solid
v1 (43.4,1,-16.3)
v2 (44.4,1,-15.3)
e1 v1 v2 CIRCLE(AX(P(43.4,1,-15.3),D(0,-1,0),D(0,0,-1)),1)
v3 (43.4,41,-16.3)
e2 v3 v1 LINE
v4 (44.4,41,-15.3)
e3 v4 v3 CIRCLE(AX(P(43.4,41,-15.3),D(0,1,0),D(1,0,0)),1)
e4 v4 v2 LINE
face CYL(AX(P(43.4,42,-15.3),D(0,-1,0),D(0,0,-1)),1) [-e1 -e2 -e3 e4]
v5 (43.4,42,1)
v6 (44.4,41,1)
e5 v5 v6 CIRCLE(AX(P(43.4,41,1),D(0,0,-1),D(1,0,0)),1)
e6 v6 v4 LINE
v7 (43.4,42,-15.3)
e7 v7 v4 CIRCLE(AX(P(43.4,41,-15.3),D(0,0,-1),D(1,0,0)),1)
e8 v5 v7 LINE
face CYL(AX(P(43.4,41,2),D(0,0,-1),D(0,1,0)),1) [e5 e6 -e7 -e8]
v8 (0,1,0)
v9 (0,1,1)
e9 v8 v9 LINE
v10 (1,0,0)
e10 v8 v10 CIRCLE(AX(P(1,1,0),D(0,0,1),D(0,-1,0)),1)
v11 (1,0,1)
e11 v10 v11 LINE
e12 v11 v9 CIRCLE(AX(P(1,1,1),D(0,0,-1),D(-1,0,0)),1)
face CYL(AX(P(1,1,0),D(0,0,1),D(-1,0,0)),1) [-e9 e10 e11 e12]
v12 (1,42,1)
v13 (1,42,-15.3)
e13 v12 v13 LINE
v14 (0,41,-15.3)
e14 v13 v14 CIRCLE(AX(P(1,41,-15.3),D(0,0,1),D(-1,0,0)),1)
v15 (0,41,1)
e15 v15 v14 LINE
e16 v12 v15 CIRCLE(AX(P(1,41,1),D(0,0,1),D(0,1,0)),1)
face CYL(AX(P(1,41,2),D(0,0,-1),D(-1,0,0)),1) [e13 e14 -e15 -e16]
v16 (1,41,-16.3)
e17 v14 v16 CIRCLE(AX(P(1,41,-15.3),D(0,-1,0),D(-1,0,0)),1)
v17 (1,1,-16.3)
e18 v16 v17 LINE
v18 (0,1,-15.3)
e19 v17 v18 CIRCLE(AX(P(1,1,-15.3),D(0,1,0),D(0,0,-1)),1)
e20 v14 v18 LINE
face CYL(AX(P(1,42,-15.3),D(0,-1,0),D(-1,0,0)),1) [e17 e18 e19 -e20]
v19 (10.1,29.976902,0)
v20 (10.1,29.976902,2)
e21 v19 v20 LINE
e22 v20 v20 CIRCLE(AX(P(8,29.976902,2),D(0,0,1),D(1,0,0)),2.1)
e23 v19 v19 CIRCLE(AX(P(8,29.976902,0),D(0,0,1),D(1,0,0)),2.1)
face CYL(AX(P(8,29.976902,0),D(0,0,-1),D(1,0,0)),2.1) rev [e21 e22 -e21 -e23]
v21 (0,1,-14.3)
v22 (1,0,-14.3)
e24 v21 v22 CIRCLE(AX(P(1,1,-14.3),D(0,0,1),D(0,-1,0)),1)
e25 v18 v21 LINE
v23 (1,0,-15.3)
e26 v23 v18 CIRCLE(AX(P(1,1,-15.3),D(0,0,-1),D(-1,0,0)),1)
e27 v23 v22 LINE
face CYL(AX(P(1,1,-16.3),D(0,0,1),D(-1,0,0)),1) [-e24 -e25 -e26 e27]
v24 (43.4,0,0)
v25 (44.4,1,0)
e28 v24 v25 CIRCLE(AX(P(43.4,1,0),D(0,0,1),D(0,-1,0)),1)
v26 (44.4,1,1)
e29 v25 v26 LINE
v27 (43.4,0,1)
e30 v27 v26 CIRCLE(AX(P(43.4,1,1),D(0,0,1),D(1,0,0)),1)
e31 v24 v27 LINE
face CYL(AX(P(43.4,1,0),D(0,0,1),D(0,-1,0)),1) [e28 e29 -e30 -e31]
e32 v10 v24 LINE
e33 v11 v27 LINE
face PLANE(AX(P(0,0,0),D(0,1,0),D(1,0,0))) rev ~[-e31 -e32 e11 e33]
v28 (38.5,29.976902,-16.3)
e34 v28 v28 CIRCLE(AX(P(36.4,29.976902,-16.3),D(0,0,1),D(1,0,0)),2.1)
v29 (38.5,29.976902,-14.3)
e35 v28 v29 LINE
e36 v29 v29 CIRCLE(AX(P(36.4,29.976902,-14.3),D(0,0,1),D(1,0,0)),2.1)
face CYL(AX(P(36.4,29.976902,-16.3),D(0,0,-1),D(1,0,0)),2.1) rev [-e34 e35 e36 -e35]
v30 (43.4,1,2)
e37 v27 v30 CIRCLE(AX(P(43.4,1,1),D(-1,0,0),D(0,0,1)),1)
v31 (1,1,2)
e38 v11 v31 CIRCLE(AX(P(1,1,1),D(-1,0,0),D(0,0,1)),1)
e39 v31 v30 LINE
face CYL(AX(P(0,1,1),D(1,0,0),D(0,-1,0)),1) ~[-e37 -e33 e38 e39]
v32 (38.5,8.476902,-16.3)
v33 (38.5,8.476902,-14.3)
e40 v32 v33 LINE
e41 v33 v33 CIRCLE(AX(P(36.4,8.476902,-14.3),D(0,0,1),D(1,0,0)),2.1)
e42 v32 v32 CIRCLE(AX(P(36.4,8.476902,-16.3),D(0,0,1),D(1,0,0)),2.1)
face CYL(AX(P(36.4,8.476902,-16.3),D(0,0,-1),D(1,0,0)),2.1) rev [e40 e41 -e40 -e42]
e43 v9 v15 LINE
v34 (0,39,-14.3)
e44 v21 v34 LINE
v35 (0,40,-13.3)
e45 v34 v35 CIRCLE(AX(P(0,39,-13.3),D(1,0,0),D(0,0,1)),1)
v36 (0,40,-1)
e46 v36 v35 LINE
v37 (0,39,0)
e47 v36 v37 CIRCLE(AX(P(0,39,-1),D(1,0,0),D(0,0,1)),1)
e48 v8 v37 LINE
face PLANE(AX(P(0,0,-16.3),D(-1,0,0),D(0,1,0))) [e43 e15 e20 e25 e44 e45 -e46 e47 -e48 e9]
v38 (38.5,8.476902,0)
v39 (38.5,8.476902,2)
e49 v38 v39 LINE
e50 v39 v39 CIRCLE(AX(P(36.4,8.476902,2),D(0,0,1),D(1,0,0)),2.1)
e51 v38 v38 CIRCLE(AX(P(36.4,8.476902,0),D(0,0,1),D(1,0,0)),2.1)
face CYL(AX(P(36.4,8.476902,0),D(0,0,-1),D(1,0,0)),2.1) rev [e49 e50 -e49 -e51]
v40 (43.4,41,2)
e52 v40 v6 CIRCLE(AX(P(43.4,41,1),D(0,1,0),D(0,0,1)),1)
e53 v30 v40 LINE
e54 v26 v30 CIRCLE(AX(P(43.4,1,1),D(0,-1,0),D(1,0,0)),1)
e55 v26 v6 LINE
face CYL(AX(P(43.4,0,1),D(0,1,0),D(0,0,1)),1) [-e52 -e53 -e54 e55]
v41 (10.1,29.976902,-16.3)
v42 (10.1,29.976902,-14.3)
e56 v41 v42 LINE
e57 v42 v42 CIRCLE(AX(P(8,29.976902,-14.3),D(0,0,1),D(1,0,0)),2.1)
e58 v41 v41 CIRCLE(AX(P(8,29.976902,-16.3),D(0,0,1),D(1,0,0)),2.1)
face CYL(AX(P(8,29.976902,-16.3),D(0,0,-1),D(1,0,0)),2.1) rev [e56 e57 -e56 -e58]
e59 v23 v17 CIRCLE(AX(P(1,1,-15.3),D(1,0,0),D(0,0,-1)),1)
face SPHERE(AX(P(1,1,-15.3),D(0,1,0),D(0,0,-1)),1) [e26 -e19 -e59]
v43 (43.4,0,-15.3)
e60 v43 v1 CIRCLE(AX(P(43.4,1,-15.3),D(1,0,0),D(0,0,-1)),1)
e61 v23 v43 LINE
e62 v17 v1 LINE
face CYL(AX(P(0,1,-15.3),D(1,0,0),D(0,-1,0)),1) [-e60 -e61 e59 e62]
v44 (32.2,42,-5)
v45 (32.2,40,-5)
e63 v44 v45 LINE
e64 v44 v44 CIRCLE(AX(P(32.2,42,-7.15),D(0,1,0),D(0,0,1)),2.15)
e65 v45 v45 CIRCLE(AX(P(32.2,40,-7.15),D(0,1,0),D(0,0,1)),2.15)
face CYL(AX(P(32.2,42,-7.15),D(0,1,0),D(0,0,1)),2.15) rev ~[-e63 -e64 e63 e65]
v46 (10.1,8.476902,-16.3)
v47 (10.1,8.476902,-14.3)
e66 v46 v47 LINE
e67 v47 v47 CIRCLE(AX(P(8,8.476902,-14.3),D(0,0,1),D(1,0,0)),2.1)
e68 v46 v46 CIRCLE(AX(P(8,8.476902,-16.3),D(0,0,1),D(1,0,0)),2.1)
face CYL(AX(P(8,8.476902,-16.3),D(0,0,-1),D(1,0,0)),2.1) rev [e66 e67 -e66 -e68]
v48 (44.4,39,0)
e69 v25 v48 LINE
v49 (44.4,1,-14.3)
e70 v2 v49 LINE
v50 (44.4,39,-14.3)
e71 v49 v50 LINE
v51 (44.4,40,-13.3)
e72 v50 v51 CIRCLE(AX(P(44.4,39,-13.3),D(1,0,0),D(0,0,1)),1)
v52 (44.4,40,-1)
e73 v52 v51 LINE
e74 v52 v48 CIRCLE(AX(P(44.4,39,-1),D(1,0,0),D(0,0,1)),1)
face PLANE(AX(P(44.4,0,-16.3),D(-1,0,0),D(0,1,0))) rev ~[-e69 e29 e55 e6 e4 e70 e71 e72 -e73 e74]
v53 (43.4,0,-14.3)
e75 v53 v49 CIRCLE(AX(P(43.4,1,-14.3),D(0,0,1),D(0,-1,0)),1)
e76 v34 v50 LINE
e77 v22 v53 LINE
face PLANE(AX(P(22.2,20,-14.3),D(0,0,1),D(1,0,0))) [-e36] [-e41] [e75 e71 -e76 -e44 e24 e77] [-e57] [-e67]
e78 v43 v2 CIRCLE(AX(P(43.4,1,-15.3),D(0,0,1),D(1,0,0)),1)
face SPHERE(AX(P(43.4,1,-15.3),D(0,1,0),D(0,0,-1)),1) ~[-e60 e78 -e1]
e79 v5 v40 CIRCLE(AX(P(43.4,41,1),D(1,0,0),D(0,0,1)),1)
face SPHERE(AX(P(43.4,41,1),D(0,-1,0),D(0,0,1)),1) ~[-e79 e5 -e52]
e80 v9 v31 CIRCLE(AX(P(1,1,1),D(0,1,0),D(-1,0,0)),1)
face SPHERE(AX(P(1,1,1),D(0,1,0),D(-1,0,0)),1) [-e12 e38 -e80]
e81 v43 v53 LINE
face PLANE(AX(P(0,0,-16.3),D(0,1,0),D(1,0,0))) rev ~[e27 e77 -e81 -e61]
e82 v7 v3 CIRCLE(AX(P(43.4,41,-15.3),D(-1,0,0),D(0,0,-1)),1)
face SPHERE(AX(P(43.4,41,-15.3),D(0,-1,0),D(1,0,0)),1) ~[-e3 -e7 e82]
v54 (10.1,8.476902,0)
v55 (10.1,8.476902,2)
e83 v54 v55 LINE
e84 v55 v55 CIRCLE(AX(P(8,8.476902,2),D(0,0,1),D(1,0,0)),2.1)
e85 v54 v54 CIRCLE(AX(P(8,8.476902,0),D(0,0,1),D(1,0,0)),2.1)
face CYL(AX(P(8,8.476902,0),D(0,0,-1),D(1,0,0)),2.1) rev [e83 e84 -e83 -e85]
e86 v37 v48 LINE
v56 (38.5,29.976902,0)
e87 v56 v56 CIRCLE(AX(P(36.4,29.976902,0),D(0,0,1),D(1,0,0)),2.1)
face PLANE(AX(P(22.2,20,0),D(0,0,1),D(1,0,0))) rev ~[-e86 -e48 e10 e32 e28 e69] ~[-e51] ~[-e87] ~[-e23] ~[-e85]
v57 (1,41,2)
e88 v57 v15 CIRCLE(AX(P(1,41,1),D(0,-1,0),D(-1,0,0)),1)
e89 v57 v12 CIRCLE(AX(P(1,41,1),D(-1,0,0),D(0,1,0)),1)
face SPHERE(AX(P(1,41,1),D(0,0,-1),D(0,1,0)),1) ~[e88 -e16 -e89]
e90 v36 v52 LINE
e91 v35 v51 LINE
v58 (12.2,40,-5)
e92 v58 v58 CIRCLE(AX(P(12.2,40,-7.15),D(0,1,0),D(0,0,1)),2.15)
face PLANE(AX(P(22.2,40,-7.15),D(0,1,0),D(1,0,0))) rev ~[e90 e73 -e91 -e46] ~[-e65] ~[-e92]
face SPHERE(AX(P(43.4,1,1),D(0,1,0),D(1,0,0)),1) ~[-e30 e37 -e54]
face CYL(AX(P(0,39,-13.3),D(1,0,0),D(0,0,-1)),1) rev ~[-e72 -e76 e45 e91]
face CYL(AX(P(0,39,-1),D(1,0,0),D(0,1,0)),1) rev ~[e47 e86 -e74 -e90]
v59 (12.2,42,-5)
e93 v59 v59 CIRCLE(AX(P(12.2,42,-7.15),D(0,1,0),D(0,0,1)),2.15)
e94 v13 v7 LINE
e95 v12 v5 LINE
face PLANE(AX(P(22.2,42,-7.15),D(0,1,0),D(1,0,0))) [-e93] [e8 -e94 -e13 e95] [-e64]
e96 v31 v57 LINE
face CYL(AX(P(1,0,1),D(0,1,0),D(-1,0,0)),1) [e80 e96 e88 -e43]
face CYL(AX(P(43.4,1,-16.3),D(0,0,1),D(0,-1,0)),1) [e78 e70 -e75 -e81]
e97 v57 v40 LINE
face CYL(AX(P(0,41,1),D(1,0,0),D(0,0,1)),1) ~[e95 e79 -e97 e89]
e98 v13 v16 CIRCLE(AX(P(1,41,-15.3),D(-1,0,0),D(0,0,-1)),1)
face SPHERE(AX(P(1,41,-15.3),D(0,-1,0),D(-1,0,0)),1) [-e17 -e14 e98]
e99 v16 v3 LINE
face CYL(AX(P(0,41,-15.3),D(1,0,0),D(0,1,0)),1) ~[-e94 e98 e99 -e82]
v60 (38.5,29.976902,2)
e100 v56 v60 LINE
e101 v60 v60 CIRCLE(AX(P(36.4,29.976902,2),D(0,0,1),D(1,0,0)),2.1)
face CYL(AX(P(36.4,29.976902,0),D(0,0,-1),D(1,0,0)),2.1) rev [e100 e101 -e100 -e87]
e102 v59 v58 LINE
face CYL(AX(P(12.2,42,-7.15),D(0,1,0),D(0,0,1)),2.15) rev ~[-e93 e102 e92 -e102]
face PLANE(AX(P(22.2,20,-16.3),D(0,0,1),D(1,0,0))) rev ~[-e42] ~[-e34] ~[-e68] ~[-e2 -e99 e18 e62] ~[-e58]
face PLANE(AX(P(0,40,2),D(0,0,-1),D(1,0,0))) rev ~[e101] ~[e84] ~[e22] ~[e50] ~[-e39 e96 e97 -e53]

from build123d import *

# Parameters (mm, degrees)
SKETCH1_W           = 44.4
SKETCH1_H           = 40
SKETCH1_R           = 2.1
BOSS_EXTRUDE1_DEPTH = 2
SKETCH2_W           = 44.4
SKETCH2_H           = 18.3
BOSS_EXTRUDE2_DEPTH = 2
LPATTERN1_COUNT     = 2
LPATTERN1_PITCH     = 16.3
SKETCH3_R           = 2.15
CUT_EXTRUDE1_DEPTH  = 64.253853638
FILLET4_R           = 1


with BuildPart() as part:
    # Sketch1 → Boss-Extrude1 (new body)
    with BuildSketch(Plane.XY):
        with Locations((22.2, 20)):
            Rectangle(SKETCH1_W, SKETCH1_H)
        with Locations((8, 8.476902454)):
            Circle(SKETCH1_R, mode=Mode.SUBTRACT)
        with Locations((8, 29.976902454)):
            Circle(SKETCH1_R, mode=Mode.SUBTRACT)
        with Locations((36.4, 29.976902454)):
            Circle(SKETCH1_R, mode=Mode.SUBTRACT)
        with Locations((36.4, 8.476902454)):
            Circle(SKETCH1_R, mode=Mode.SUBTRACT)
    boss_extrude1 = extrude(amount=BOSS_EXTRUDE1_DEPTH)

    # Sketch2 → Boss-Extrude2 (add)
    with BuildSketch(Plane(origin=(0, 40, 0), x_dir=(1, 0, 0), z_dir=(0, 1, 0))):
        with Locations((22.2, 7.15)):
            Rectangle(SKETCH2_W, SKETCH2_H)
    extrude(amount=BOSS_EXTRUDE2_DEPTH)

    # LPattern1: Boss-Extrude1 ×2
    with Locations(*[(0, 0, -i * LPATTERN1_PITCH) for i in range(1, LPATTERN1_COUNT)]):
        add(boss_extrude1)

    # Sketch3 → Cut-Extrude1 (cut, through all)
    with BuildSketch(Plane(origin=(0, 42, 0), x_dir=(1, 0, 0), z_dir=(0, 1, 0))):
        with Locations(Location((12.2, 7.15, 0), (0, 0, 270))):
            Circle(SKETCH3_R)
        with Locations(Location((32.2, 7.15, 0), (0, 0, 270))):
            Circle(SKETCH3_R)
    extrude(amount=-CUT_EXTRUDE1_DEPTH, mode=Mode.SUBTRACT)

    # Fillet4
    fillet4_edges = [part.edges().sort_by_distance(p)[0] for p in [
        (44.4, 21, 2),
        (0, 21, -16.3),
        (44.4, 21, -16.3),
        (0, 42, -7.15),
        (22.2, 42, 2),
        (44.4, 42, -7.15),
        (22.2, 42, -16.3),
        (22.2, 40, -14.3),
        (22.2, 0, -16.3),
        (0, 0, -15.3),
        (44.4, 0, -15.3),
        (0, 21, 2),
        (22.2, 40, 0),
        (44.4, 0, 1),
        (0, 0, 1),
        (22.2, 0, 2),
    ]]
    fillet(fillet4_edges, radius=FILLET4_R)


solid = part.part
